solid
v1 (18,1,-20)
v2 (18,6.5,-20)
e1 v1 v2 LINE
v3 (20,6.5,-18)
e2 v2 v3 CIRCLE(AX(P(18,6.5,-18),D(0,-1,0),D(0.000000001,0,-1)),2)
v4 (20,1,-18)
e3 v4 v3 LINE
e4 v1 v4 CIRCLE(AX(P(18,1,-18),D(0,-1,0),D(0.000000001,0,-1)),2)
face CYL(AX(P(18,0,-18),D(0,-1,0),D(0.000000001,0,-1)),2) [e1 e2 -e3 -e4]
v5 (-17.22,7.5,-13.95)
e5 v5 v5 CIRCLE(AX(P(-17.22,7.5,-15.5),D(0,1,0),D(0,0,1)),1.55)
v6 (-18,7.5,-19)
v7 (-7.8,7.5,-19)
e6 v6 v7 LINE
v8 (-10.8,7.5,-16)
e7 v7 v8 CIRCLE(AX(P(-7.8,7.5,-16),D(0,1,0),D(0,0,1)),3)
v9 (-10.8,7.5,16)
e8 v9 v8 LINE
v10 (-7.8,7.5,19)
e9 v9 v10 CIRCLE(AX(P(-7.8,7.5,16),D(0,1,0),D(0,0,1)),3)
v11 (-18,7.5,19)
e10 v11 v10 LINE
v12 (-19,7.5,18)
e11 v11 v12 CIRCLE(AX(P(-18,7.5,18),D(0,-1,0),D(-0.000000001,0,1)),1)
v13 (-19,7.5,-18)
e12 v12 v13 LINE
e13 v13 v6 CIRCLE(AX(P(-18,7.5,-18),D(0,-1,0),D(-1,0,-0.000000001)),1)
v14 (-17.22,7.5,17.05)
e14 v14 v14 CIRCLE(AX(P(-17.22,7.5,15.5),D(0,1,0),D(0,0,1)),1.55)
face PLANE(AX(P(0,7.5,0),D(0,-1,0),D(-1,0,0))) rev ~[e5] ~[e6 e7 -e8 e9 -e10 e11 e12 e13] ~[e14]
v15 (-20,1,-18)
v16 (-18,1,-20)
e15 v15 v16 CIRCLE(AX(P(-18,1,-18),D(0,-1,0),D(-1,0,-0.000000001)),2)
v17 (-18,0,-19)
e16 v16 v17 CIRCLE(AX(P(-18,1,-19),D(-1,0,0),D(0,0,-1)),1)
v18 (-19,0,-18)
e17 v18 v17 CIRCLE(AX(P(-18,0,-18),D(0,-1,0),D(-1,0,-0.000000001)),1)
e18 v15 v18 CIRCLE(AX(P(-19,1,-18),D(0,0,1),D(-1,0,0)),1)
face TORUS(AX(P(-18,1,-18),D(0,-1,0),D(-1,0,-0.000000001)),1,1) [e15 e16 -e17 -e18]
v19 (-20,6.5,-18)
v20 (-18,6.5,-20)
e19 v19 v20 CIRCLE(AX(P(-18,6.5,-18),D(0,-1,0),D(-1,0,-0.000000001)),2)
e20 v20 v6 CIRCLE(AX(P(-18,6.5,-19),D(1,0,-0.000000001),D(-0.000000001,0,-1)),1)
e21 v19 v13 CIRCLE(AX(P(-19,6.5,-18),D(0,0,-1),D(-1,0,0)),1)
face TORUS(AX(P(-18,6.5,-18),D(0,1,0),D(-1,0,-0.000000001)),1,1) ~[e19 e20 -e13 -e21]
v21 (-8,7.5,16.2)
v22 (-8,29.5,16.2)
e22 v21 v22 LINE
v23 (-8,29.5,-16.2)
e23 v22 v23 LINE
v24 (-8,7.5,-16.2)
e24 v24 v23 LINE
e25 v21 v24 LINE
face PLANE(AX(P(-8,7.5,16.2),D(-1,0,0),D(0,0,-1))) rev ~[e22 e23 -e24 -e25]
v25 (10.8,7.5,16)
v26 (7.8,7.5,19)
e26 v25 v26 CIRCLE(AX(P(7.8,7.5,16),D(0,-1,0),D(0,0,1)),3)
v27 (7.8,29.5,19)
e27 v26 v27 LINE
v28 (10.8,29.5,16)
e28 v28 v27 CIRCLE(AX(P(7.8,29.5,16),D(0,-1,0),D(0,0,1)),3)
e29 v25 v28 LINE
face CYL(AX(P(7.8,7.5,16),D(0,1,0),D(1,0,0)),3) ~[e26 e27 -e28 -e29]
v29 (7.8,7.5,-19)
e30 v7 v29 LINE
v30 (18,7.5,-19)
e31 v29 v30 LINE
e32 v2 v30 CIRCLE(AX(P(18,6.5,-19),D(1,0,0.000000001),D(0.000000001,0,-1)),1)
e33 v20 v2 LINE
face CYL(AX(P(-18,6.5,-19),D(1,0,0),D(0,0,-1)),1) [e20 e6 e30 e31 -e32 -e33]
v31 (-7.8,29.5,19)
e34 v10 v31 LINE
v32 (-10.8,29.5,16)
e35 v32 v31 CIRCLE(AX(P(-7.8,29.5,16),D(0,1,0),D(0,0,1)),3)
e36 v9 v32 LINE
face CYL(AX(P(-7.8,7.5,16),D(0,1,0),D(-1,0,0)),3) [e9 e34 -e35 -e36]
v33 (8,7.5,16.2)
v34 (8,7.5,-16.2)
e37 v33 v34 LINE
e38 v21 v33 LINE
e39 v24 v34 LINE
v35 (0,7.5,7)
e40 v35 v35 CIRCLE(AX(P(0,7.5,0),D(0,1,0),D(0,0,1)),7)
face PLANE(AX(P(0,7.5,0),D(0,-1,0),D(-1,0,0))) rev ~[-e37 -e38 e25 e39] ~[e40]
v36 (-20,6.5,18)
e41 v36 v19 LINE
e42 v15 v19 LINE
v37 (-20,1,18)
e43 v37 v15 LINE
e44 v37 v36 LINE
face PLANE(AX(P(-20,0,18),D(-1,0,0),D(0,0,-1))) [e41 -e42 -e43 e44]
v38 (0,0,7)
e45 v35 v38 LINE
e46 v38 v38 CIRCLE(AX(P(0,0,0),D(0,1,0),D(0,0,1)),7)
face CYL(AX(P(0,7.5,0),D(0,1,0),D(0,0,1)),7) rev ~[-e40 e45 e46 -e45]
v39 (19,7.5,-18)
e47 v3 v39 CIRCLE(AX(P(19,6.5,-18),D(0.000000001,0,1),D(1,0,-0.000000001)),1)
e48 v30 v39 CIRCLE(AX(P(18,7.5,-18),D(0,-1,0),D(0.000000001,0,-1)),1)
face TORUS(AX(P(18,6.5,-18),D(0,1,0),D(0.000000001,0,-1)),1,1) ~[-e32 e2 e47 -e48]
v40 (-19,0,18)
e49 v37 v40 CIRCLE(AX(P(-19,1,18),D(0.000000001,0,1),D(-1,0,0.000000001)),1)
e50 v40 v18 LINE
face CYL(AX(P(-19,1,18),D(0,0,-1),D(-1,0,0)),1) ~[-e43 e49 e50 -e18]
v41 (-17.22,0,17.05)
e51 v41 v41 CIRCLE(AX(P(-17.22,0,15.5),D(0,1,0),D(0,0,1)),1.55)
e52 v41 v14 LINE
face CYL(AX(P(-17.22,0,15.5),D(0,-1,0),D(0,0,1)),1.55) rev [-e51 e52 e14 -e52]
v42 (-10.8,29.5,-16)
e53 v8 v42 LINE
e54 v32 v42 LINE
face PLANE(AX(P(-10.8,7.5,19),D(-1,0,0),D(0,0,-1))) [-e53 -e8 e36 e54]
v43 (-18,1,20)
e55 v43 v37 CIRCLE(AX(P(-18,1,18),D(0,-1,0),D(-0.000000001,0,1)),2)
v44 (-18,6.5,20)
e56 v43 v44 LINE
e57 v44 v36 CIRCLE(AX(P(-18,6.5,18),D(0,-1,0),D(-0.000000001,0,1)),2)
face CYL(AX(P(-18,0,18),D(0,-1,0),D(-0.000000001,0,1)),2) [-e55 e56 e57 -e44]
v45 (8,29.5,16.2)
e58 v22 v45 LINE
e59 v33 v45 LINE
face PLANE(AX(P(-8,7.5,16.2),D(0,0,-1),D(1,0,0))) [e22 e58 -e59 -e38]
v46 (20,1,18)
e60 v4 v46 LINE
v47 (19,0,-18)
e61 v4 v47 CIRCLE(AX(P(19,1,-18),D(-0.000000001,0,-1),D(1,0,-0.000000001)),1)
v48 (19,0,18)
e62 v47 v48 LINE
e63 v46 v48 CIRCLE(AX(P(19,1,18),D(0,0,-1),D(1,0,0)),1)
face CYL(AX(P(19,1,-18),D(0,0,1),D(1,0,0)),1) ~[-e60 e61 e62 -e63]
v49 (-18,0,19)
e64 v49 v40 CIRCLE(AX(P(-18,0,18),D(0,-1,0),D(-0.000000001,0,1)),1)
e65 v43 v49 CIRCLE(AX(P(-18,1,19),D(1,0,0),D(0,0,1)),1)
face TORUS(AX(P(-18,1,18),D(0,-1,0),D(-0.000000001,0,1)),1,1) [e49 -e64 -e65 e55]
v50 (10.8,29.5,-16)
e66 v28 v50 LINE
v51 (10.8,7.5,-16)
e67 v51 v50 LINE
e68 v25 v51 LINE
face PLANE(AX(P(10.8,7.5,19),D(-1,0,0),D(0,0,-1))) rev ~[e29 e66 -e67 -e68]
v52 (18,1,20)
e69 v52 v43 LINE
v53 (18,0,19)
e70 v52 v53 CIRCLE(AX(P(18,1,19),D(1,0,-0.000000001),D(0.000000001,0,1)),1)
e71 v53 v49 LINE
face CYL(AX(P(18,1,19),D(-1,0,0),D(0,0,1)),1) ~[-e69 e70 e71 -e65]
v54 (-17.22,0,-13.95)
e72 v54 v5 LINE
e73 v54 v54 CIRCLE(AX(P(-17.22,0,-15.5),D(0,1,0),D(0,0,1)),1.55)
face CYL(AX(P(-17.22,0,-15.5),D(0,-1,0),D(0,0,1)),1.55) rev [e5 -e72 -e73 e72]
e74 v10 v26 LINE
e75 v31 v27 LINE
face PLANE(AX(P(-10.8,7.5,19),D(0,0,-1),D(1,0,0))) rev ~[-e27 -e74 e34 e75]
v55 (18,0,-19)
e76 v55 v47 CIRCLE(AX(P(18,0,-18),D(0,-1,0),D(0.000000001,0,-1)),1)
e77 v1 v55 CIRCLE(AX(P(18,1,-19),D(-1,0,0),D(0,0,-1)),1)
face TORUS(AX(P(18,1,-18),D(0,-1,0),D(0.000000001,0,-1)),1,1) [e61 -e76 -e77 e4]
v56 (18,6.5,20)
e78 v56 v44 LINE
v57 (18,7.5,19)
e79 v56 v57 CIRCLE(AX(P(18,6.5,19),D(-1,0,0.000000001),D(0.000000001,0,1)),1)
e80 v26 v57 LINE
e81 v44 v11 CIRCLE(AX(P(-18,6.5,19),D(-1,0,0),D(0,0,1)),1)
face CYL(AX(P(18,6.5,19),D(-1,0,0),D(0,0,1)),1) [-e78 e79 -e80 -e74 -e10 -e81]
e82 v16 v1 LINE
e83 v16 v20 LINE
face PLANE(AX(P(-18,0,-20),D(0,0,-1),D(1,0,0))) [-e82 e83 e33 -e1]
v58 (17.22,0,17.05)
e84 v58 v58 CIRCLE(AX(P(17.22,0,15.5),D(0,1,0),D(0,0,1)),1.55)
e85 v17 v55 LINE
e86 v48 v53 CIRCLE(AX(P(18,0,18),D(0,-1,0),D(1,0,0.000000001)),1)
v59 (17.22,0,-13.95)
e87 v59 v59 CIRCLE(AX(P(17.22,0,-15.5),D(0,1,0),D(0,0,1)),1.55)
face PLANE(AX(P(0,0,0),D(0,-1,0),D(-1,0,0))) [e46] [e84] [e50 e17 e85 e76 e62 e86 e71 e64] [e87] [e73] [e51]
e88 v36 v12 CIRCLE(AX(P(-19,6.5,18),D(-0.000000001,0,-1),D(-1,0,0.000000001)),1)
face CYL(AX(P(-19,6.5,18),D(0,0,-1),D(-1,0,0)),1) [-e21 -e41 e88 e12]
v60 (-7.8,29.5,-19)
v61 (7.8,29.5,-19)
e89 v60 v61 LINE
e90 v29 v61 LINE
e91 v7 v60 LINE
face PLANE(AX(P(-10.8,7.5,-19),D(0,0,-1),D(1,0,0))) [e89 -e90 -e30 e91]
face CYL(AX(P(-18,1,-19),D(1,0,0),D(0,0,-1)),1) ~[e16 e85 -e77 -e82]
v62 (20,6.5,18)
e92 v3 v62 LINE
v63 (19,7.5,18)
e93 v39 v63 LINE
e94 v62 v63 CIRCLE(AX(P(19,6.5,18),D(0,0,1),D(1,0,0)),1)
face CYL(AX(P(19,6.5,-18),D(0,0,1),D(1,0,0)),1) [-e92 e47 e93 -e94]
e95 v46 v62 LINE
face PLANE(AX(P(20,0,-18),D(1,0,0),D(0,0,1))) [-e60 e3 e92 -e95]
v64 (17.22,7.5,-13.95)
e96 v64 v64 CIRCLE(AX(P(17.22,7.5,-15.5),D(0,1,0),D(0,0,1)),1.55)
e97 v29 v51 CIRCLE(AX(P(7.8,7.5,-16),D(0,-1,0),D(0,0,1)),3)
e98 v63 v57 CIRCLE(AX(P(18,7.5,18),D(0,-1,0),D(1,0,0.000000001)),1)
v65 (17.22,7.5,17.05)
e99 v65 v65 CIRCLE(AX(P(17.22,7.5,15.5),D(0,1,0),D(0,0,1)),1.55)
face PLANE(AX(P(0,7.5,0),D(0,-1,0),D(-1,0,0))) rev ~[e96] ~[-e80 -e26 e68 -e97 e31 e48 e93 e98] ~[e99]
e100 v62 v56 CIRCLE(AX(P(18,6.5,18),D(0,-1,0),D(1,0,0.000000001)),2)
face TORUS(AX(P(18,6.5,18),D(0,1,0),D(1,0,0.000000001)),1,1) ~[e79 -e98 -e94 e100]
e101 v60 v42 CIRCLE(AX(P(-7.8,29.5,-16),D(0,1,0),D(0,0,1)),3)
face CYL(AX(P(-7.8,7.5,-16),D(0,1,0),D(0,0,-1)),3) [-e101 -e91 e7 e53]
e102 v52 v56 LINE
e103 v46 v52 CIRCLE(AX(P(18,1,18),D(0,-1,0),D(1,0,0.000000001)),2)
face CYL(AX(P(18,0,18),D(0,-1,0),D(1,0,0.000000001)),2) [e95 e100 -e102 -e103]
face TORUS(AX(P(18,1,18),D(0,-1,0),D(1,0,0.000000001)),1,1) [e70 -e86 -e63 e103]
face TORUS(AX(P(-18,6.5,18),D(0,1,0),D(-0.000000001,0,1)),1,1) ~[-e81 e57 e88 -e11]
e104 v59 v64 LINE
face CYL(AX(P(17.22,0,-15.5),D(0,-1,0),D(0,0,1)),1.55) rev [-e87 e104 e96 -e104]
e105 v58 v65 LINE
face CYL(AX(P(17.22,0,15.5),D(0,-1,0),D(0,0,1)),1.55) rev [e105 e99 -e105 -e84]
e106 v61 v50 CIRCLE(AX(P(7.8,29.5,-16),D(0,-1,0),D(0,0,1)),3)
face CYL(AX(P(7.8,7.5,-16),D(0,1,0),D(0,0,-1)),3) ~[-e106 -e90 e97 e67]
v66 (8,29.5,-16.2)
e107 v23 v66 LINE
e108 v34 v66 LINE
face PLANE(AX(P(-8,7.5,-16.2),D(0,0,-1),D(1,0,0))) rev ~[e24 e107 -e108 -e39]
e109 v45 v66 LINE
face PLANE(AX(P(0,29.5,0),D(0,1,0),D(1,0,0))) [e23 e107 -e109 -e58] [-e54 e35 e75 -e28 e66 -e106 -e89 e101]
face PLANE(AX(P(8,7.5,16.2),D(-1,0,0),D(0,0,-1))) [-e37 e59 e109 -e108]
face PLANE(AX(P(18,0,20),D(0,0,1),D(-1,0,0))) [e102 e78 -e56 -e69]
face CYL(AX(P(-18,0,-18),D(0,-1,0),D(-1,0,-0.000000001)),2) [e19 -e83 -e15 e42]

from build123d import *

# Parameters (mm, degrees)
SKETCH1_R           = 1.55
BOSS_EXTRUDE1_DEPTH = 7.5
FILLET2_R           = 1
SKETCH2_R           = 7
CUT_EXTRUDE1_DEPTH  = 10
SKETCH3_W           = 21.6
SKETCH3_H           = 38
SKETCH3_W_2         = 16
SKETCH3_H_2         = 32.4
BOSS_EXTRUDE9_DEPTH = 22
FILLET6_R           = 3


with BuildPart() as part:
    # Sketch1 → Boss-Extrude1 (new body)
    with BuildSketch(Plane(origin=(0, 0, 0), x_dir=(1, 0, 0), z_dir=(0, 1, 0))):
        with BuildLine():
            Line((-18, 20), (18, 20))
            ThreePointArc((18, 20), (19.414213562, 19.414213562), (20, 18))
            Line((20, 18), (20, -18))
            ThreePointArc((20, -18), (19.414213562, -19.414213562), (18, -20))
            Line((18, -20), (-18, -20))
            ThreePointArc((-18, -20), (-19.414213562, -19.414213562), (-20, -18))
            Line((-20, -18), (-20, 18))
            ThreePointArc((-20, 18), (-19.414213562, 19.414213562), (-18, 20))
        make_face()
        with Locations(Location((-17.22, 15.5, 0), (0, 0, 270))):
            Circle(SKETCH1_R, mode=Mode.SUBTRACT)
        with Locations(Location((-17.22, -15.5, 0), (0, 0, 270))):
            Circle(SKETCH1_R, mode=Mode.SUBTRACT)
        with Locations(Location((17.22, 15.5, 0), (0, 0, 270))):
            Circle(SKETCH1_R, mode=Mode.SUBTRACT)
        with Locations(Location((17.22, -15.5, 0), (0, 0, 270))):
            Circle(SKETCH1_R, mode=Mode.SUBTRACT)
    extrude(amount=BOSS_EXTRUDE1_DEPTH)

    # Fillet2
    fillet2_edges = [part.edges().sort_by_distance(p)[0] for p in [
        (0, 0, -20),
        (19.414213562, 0, -19.414213562),
        (20, 0, 0),
        (19.414213562, 0, 19.414213562),
        (19.414213562, 7.5, -19.414213562),
        (0, 7.5, -20),
        (-19.414213562, 7.5, -19.414213562),
        (-20, 7.5, 0),
        (-19.414213562, 7.5, 19.414213562),
        (0, 7.5, 20),
        (19.414213562, 7.5, 19.414213562),
        (0, 0, 20),
        (20, 7.5, 0),
        (-19.414213562, 0, 19.414213562),
        (-20, 0, 0),
        (-19.414213562, 0, -19.414213562),
    ]]
    fillet(fillet2_edges, radius=FILLET2_R)

    # Sketch2 → Cut-Extrude1 (cut)
    with BuildSketch(Plane(origin=(0, 7.5, 0), x_dir=(1, 0, 0), z_dir=(0, 1, 0))):
        with Locations(Location((0, 0, 0), (0, 0, 270))):
            Circle(SKETCH2_R)
    extrude(amount=-CUT_EXTRUDE1_DEPTH, mode=Mode.SUBTRACT)

    # Sketch3 → Boss-Extrude9 (add)
    with BuildSketch(Plane(origin=(0, 7.5, 0), x_dir=(1, 0, 0), z_dir=(0, 1, 0))):
        Rectangle(SKETCH3_W, SKETCH3_H)
        Rectangle(SKETCH3_W_2, SKETCH3_H_2, mode=Mode.SUBTRACT)
    extrude(amount=BOSS_EXTRUDE9_DEPTH)

    # Fillet6
    fillet6_edges = [part.edges().sort_by_distance(p)[0] for p in [
        (-10.8, 18.5, -19),
        (-10.8, 18.5, 19),
        (10.8, 18.5, 19),
        (10.8, 18.5, -19),
    ]]
    fillet(fillet6_edges, radius=FILLET6_R)


solid = part.part
